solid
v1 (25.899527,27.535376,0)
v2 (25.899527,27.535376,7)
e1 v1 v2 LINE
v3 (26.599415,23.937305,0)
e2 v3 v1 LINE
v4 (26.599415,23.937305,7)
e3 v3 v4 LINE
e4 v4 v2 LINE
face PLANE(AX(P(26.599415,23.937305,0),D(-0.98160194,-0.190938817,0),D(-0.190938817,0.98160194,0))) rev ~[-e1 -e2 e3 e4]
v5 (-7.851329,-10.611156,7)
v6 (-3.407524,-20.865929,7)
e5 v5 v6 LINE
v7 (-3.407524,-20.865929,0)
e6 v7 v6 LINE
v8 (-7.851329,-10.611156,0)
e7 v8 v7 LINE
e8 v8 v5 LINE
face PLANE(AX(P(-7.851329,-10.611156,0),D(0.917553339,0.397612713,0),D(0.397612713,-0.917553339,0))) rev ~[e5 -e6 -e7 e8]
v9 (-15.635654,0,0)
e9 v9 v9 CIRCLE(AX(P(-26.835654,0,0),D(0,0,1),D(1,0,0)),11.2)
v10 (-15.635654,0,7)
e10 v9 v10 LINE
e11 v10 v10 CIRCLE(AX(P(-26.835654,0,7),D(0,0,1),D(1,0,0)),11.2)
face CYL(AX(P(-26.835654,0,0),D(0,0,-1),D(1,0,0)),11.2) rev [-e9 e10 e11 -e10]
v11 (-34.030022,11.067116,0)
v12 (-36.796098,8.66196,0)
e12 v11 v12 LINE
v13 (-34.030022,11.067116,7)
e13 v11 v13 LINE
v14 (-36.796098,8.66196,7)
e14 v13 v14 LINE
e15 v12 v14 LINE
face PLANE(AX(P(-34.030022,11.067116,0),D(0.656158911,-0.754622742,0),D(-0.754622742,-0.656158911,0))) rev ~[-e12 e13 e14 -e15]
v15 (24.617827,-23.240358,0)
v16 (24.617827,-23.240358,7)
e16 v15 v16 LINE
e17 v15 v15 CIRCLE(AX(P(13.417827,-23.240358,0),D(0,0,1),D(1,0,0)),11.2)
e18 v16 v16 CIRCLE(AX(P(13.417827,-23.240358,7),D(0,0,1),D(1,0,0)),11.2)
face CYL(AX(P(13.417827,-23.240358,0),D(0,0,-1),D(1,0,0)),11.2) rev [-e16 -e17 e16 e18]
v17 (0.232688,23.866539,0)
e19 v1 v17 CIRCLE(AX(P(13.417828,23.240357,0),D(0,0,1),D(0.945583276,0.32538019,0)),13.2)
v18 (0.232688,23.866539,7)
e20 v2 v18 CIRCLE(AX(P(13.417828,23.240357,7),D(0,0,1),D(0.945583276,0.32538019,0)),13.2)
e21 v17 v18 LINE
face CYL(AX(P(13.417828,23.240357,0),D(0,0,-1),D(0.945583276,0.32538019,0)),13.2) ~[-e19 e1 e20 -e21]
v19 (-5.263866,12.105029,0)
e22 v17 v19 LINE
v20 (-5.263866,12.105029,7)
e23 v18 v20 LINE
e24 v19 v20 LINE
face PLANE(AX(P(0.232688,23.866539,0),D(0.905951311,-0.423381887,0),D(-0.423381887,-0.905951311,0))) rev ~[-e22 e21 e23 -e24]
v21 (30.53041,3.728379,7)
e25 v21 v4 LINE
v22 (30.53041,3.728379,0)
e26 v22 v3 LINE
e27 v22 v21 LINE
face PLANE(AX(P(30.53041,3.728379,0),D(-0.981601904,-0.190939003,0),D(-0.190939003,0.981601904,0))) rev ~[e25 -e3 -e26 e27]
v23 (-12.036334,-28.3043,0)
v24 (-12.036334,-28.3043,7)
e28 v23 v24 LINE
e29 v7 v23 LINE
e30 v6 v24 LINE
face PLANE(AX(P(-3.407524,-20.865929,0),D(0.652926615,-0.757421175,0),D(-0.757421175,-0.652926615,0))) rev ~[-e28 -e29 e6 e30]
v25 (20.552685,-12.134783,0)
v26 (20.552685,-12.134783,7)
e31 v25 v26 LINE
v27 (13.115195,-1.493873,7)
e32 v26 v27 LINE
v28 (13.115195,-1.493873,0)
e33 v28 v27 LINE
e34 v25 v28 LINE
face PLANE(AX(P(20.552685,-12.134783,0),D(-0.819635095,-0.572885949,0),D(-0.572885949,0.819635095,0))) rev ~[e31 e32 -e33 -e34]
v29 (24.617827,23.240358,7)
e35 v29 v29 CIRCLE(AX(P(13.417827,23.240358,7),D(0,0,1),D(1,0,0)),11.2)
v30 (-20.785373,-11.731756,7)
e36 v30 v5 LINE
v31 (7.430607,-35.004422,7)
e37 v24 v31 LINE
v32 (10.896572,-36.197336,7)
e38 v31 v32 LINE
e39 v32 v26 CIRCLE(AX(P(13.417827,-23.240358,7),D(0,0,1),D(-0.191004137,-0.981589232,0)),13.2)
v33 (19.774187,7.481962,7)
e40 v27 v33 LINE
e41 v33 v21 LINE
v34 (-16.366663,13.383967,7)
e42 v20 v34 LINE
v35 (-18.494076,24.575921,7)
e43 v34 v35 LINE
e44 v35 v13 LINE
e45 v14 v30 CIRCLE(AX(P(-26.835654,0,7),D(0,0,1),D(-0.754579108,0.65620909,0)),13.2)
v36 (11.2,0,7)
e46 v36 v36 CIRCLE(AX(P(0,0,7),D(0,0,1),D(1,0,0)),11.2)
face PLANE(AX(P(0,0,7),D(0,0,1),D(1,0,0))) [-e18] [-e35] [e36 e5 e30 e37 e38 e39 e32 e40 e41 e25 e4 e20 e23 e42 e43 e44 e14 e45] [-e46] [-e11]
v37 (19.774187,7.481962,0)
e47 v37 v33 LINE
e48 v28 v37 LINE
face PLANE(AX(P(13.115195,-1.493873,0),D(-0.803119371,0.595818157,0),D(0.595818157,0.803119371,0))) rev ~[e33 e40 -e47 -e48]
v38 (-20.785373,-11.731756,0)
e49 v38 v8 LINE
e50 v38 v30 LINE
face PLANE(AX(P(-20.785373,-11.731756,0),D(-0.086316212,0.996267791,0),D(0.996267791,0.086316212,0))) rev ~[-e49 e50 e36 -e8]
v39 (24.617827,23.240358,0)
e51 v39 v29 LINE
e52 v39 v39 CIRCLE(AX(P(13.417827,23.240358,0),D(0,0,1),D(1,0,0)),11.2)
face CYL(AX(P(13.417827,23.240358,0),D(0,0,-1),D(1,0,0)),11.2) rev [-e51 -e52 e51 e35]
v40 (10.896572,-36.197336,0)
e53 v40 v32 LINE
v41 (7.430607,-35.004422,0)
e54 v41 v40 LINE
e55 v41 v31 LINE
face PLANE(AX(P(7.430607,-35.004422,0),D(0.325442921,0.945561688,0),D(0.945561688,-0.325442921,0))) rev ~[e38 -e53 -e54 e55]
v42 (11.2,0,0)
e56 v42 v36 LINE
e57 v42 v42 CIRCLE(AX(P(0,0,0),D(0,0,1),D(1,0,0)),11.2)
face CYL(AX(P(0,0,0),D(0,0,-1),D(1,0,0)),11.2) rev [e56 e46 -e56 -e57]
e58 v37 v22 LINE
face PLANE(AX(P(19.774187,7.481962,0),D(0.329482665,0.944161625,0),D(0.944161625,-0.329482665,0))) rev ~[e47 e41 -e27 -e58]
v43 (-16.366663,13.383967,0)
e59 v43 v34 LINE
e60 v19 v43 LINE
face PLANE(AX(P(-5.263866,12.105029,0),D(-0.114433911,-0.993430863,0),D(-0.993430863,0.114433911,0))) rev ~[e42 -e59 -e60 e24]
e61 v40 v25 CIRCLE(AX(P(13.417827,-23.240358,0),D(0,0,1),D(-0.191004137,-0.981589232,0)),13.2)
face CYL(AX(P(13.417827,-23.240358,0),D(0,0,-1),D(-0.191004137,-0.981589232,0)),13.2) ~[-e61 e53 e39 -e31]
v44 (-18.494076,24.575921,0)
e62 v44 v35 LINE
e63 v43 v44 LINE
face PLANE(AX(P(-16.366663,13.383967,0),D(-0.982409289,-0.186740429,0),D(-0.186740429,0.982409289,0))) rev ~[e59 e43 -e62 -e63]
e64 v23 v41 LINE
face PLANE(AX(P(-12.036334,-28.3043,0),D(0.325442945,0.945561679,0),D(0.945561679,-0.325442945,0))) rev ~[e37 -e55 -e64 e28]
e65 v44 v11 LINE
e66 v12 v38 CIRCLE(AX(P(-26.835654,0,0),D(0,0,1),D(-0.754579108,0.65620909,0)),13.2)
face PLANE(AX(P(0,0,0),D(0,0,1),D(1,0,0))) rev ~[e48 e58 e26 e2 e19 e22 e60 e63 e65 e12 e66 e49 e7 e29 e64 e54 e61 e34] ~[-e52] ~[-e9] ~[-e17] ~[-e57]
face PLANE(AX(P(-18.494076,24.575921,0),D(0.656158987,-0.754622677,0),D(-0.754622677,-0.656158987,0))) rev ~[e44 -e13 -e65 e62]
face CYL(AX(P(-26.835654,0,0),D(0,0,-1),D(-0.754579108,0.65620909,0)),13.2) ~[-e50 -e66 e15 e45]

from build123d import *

# Parameters (mm, degrees)
F0_R     = 11.2
F1_DEPTH = 7


with BuildPart() as f1:
    # F0 (on Top) → F1 (new body)
    with BuildSketch(Plane.XY):
        with BuildLine():
            Line((-18.494076, 24.575921), (-34.030022, 11.067116))
            Line((-34.030022, 11.067116), (-36.796098, 8.66196))
            ThreePointArc((-36.796098, 8.66196), (-37.218248, -8.15118), (-20.785373, -11.731756))
            Line((-20.785373, -11.731756), (-7.851329, -10.611156))
            Line((-7.851329, -10.611156), (-3.407524, -20.865929))
            Line((-3.407524, -20.865929), (-12.036334, -28.3043))
            Line((-12.036334, -28.3043), (7.430607, -35.004422))
            Line((7.430607, -35.004422), (10.896572, -36.197336))
            ThreePointArc((10.896572, -36.197336), (25.668253, -28.156358), (20.552685, -12.134783))
            Line((20.552685, -12.134783), (13.115195, -1.493873))
            Line((13.115195, -1.493873), (19.774187, 7.481962))
            Line((19.774187, 7.481962), (30.53041, 3.728379))
            Line((30.53041, 3.728379), (26.599415, 23.937305))
            Line((26.599415, 23.937305), (25.899527, 27.535376))
            ThreePointArc((25.899527, 27.535376), (11.549995, 36.307538), (0.232688, 23.866539))
            Line((0.232688, 23.866539), (-5.263866, 12.105029))
            Line((-5.263866, 12.105029), (-16.366663, 13.383967))
            Line((-16.366663, 13.383967), (-18.494076, 24.575921))
        make_face()
        with Locations((13.417827, -23.240358)):
            Circle(F0_R, mode=Mode.SUBTRACT)
        with Locations((-26.835654, 0)):
            Circle(F0_R, mode=Mode.SUBTRACT)
        Circle(F0_R, mode=Mode.SUBTRACT)
        with Locations((13.417827, 23.240358)):
            Circle(F0_R, mode=Mode.SUBTRACT)
    extrude(amount=F1_DEPTH)


solid = f1.part
